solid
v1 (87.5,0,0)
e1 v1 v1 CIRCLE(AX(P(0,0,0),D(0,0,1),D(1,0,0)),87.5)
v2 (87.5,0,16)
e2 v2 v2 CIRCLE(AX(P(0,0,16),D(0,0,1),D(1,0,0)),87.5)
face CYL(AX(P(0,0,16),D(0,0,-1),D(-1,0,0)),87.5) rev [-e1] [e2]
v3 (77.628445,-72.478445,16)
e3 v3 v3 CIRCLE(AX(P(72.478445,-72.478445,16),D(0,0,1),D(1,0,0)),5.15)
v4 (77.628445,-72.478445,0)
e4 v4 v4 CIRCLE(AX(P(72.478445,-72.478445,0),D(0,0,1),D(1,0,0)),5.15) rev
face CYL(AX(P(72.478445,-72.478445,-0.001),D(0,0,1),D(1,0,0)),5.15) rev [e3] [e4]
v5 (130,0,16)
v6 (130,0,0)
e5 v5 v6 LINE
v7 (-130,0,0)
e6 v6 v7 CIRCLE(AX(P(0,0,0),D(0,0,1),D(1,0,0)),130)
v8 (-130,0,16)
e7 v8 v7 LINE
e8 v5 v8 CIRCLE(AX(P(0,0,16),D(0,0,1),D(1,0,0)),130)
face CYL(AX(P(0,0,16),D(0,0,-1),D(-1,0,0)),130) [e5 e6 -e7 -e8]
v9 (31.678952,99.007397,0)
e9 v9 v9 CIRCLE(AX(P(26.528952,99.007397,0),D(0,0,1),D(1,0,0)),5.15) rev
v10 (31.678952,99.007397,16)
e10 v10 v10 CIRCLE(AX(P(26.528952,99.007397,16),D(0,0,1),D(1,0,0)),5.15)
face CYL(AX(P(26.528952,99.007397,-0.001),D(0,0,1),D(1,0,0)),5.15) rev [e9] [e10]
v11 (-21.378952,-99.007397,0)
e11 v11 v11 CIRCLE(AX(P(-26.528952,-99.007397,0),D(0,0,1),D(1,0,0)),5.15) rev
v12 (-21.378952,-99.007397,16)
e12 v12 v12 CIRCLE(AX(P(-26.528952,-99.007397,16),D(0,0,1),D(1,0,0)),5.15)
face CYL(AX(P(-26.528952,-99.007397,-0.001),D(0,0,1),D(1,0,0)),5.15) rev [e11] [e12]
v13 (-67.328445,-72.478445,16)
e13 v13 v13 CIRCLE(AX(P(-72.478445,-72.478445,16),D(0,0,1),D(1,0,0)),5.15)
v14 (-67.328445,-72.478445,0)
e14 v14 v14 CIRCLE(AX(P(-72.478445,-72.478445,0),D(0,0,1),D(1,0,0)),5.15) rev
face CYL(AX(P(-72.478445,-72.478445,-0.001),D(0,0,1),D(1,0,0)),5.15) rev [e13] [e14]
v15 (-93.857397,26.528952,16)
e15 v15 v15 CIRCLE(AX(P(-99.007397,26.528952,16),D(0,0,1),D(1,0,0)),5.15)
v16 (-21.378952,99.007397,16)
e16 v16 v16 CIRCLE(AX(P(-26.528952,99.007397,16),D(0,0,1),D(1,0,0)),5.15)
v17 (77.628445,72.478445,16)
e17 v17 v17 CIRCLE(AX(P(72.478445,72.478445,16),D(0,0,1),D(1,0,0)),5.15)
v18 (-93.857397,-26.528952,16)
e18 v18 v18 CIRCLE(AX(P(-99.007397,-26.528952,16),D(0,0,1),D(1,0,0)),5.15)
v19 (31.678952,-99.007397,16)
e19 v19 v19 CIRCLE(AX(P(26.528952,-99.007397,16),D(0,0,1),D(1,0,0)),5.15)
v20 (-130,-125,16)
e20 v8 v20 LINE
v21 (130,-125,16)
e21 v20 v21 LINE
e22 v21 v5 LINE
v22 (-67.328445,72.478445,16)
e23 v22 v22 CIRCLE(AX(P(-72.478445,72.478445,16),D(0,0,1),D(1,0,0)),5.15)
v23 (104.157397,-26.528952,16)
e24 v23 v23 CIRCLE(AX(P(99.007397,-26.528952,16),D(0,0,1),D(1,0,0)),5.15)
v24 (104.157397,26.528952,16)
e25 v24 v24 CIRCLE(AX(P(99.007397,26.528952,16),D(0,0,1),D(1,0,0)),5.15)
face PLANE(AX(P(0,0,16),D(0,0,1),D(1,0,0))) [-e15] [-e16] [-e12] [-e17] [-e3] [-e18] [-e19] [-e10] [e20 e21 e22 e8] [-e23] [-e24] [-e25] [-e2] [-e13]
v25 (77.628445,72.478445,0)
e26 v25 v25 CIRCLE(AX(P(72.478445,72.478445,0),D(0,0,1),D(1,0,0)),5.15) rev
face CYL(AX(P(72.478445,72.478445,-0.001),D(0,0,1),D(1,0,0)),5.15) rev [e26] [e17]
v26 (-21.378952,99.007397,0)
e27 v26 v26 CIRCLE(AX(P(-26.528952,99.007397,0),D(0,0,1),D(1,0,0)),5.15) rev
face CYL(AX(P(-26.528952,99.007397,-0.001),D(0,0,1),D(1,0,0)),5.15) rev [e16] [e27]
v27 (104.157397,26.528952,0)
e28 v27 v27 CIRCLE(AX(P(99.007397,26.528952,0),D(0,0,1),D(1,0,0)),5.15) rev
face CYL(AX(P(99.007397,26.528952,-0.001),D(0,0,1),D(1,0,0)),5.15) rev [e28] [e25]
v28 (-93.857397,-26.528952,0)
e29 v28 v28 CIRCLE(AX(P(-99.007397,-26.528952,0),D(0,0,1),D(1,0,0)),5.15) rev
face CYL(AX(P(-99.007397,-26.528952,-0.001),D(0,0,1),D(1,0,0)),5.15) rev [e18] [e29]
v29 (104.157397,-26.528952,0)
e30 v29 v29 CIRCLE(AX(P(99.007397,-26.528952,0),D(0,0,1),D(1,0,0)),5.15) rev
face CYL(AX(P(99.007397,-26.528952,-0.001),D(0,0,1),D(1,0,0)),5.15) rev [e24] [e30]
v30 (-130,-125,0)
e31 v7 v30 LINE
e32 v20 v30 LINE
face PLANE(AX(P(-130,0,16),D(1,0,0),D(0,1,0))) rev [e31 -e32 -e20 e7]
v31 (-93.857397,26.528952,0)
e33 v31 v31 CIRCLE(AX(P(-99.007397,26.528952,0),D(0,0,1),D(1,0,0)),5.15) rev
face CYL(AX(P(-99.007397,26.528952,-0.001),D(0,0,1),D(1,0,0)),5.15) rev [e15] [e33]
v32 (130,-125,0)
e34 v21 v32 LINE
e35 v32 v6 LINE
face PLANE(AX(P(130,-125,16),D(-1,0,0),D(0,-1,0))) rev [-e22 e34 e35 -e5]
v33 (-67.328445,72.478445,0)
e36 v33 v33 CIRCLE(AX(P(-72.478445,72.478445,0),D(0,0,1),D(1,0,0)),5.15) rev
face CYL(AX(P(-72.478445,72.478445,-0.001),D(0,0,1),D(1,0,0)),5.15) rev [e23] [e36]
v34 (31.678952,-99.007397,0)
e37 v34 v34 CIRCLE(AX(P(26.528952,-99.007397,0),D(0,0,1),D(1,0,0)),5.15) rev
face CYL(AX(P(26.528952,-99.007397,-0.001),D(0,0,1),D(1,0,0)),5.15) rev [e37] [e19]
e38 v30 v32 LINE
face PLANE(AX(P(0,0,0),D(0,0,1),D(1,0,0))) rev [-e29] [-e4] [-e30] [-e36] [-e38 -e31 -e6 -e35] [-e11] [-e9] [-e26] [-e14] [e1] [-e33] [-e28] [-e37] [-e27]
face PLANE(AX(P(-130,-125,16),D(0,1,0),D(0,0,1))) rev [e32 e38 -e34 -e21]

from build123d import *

# Parameters (mm, degrees)
SKETCH_1_R          = 87.5
EXTRUDE_1_DEPTH     = 16
CUT_EXTRUDE_1_REACH = 186.543
SKETCH_2_R          = 5.15


with BuildPart() as part:
    # 草图1 → 凸台-拉伸1 (new body)
    with BuildSketch(Plane.XY):
        with BuildLine():
            Line((-130, 0), (-130, -125))
            Line((-130, -125), (130, -125))
            Line((130, -125), (130, 0))
            ThreePointArc((130, 0), (0, 130), (-130, 0))
        make_face()
        Circle(SKETCH_1_R, mode=Mode.SUBTRACT)
    extrude(amount=EXTRUDE_1_DEPTH)

    # 草图2 → 切除-拉伸1 (cut, up to next)
    with BuildSketch(Plane.XY.offset(16), mode=Mode.PRIVATE) as cut_extrude_1_sk1:
        with Locations((-26.528952123, 99.007397195)):
            Circle(SKETCH_2_R)
    cut_extrude_1_tool1 = extrude(cut_extrude_1_sk1.sketch, amount=-CUT_EXTRUDE_1_REACH, mode=Mode.PRIVATE) & part.part
    # 草图2 → 切除-拉伸1 (cut, up to next)
    with BuildSketch(Plane.XY.offset(16), mode=Mode.PRIVATE) as cut_extrude_1_sk2:
        with Locations((26.528952123, 99.007397195)):
            Circle(SKETCH_2_R)
    cut_extrude_1_tool2 = extrude(cut_extrude_1_sk2.sketch, amount=-CUT_EXTRUDE_1_REACH, mode=Mode.PRIVATE) & part.part
    # 草图2 → 切除-拉伸1 (cut, up to next)
    with BuildSketch(Plane.XY.offset(16), mode=Mode.PRIVATE) as cut_extrude_1_sk3:
        with Locations((72.478445072, 72.478445072)):
            Circle(SKETCH_2_R)
    cut_extrude_1_tool3 = extrude(cut_extrude_1_sk3.sketch, amount=-CUT_EXTRUDE_1_REACH, mode=Mode.PRIVATE) & part.part
    # 草图2 → 切除-拉伸1 (cut, up to next)
    with BuildSketch(Plane.XY.offset(16), mode=Mode.PRIVATE) as cut_extrude_1_sk4:
        with Locations((99.007397195, 26.528952123)):
            Circle(SKETCH_2_R)
    cut_extrude_1_tool4 = extrude(cut_extrude_1_sk4.sketch, amount=-CUT_EXTRUDE_1_REACH, mode=Mode.PRIVATE) & part.part
    # 草图2 → 切除-拉伸1 (cut, up to next)
    with BuildSketch(Plane.XY.offset(16), mode=Mode.PRIVATE) as cut_extrude_1_sk5:
        with Locations((99.007397195, -26.528952123)):
            Circle(SKETCH_2_R)
    cut_extrude_1_tool5 = extrude(cut_extrude_1_sk5.sketch, amount=-CUT_EXTRUDE_1_REACH, mode=Mode.PRIVATE) & part.part
    # 草图2 → 切除-拉伸1 (cut, up to next)
    with BuildSketch(Plane.XY.offset(16), mode=Mode.PRIVATE) as cut_extrude_1_sk6:
        with Locations((72.478445072, -72.478445072)):
            Circle(SKETCH_2_R)
    cut_extrude_1_tool6 = extrude(cut_extrude_1_sk6.sketch, amount=-CUT_EXTRUDE_1_REACH, mode=Mode.PRIVATE) & part.part
    # 草图2 → 切除-拉伸1 (cut, up to next)
    with BuildSketch(Plane.XY.offset(16), mode=Mode.PRIVATE) as cut_extrude_1_sk7:
        with Locations((26.528952123, -99.007397195)):
            Circle(SKETCH_2_R)
    cut_extrude_1_tool7 = extrude(cut_extrude_1_sk7.sketch, amount=-CUT_EXTRUDE_1_REACH, mode=Mode.PRIVATE) & part.part
    # 草图2 → 切除-拉伸1 (cut, up to next)
    with BuildSketch(Plane.XY.offset(16), mode=Mode.PRIVATE) as cut_extrude_1_sk8:
        with Locations((-26.528952123, -99.007397195)):
            Circle(SKETCH_2_R)
    cut_extrude_1_tool8 = extrude(cut_extrude_1_sk8.sketch, amount=-CUT_EXTRUDE_1_REACH, mode=Mode.PRIVATE) & part.part
    # 草图2 → 切除-拉伸1 (cut, up to next)
    with BuildSketch(Plane.XY.offset(16), mode=Mode.PRIVATE) as cut_extrude_1_sk9:
        with Locations((-72.478445072, -72.478445072)):
            Circle(SKETCH_2_R)
    cut_extrude_1_tool9 = extrude(cut_extrude_1_sk9.sketch, amount=-CUT_EXTRUDE_1_REACH, mode=Mode.PRIVATE) & part.part
    # 草图2 → 切除-拉伸1 (cut, up to next)
    with BuildSketch(Plane.XY.offset(16), mode=Mode.PRIVATE) as cut_extrude_1_sk10:
        with Locations((-99.007397195, -26.528952123)):
            Circle(SKETCH_2_R)
    cut_extrude_1_tool10 = extrude(cut_extrude_1_sk10.sketch, amount=-CUT_EXTRUDE_1_REACH, mode=Mode.PRIVATE) & part.part
    # 草图2 → 切除-拉伸1 (cut, up to next)
    with BuildSketch(Plane.XY.offset(16), mode=Mode.PRIVATE) as cut_extrude_1_sk11:
        with Locations((-99.007397195, 26.528952123)):
            Circle(SKETCH_2_R)
    cut_extrude_1_tool11 = extrude(cut_extrude_1_sk11.sketch, amount=-CUT_EXTRUDE_1_REACH, mode=Mode.PRIVATE) & part.part
    # 草图2 → 切除-拉伸1 (cut, up to next)
    with BuildSketch(Plane.XY.offset(16), mode=Mode.PRIVATE) as cut_extrude_1_sk12:
        with Locations((-72.478445072, 72.478445072)):
            Circle(SKETCH_2_R)
    cut_extrude_1_tool12 = extrude(cut_extrude_1_sk12.sketch, amount=-CUT_EXTRUDE_1_REACH, mode=Mode.PRIVATE) & part.part
    add(cut_extrude_1_tool1.solids().sort_by_distance((-26.528952, 99.007397, 16))[0], mode=Mode.SUBTRACT)
    add(cut_extrude_1_tool2.solids().sort_by_distance((26.528952, 99.007397, 16))[0], mode=Mode.SUBTRACT)
    add(cut_extrude_1_tool3.solids().sort_by_distance((72.478445, 72.478445, 16))[0], mode=Mode.SUBTRACT)
    add(cut_extrude_1_tool4.solids().sort_by_distance((99.007397, 26.528952, 16))[0], mode=Mode.SUBTRACT)
    add(cut_extrude_1_tool5.solids().sort_by_distance((99.007397, -26.528952, 16))[0], mode=Mode.SUBTRACT)
    add(cut_extrude_1_tool6.solids().sort_by_distance((72.478445, -72.478445, 16))[0], mode=Mode.SUBTRACT)
    add(cut_extrude_1_tool7.solids().sort_by_distance((26.528952, -99.007397, 16))[0], mode=Mode.SUBTRACT)
    add(cut_extrude_1_tool8.solids().sort_by_distance((-26.528952, -99.007397, 16))[0], mode=Mode.SUBTRACT)
    add(cut_extrude_1_tool9.solids().sort_by_distance((-72.478445, -72.478445, 16))[0], mode=Mode.SUBTRACT)
    add(cut_extrude_1_tool10.solids().sort_by_distance((-99.007397, -26.528952, 16))[0], mode=Mode.SUBTRACT)
    add(cut_extrude_1_tool11.solids().sort_by_distance((-99.007397, 26.528952, 16))[0], mode=Mode.SUBTRACT)
    add(cut_extrude_1_tool12.solids().sort_by_distance((-72.478445, 72.478445, 16))[0], mode=Mode.SUBTRACT)


solid = part.part
